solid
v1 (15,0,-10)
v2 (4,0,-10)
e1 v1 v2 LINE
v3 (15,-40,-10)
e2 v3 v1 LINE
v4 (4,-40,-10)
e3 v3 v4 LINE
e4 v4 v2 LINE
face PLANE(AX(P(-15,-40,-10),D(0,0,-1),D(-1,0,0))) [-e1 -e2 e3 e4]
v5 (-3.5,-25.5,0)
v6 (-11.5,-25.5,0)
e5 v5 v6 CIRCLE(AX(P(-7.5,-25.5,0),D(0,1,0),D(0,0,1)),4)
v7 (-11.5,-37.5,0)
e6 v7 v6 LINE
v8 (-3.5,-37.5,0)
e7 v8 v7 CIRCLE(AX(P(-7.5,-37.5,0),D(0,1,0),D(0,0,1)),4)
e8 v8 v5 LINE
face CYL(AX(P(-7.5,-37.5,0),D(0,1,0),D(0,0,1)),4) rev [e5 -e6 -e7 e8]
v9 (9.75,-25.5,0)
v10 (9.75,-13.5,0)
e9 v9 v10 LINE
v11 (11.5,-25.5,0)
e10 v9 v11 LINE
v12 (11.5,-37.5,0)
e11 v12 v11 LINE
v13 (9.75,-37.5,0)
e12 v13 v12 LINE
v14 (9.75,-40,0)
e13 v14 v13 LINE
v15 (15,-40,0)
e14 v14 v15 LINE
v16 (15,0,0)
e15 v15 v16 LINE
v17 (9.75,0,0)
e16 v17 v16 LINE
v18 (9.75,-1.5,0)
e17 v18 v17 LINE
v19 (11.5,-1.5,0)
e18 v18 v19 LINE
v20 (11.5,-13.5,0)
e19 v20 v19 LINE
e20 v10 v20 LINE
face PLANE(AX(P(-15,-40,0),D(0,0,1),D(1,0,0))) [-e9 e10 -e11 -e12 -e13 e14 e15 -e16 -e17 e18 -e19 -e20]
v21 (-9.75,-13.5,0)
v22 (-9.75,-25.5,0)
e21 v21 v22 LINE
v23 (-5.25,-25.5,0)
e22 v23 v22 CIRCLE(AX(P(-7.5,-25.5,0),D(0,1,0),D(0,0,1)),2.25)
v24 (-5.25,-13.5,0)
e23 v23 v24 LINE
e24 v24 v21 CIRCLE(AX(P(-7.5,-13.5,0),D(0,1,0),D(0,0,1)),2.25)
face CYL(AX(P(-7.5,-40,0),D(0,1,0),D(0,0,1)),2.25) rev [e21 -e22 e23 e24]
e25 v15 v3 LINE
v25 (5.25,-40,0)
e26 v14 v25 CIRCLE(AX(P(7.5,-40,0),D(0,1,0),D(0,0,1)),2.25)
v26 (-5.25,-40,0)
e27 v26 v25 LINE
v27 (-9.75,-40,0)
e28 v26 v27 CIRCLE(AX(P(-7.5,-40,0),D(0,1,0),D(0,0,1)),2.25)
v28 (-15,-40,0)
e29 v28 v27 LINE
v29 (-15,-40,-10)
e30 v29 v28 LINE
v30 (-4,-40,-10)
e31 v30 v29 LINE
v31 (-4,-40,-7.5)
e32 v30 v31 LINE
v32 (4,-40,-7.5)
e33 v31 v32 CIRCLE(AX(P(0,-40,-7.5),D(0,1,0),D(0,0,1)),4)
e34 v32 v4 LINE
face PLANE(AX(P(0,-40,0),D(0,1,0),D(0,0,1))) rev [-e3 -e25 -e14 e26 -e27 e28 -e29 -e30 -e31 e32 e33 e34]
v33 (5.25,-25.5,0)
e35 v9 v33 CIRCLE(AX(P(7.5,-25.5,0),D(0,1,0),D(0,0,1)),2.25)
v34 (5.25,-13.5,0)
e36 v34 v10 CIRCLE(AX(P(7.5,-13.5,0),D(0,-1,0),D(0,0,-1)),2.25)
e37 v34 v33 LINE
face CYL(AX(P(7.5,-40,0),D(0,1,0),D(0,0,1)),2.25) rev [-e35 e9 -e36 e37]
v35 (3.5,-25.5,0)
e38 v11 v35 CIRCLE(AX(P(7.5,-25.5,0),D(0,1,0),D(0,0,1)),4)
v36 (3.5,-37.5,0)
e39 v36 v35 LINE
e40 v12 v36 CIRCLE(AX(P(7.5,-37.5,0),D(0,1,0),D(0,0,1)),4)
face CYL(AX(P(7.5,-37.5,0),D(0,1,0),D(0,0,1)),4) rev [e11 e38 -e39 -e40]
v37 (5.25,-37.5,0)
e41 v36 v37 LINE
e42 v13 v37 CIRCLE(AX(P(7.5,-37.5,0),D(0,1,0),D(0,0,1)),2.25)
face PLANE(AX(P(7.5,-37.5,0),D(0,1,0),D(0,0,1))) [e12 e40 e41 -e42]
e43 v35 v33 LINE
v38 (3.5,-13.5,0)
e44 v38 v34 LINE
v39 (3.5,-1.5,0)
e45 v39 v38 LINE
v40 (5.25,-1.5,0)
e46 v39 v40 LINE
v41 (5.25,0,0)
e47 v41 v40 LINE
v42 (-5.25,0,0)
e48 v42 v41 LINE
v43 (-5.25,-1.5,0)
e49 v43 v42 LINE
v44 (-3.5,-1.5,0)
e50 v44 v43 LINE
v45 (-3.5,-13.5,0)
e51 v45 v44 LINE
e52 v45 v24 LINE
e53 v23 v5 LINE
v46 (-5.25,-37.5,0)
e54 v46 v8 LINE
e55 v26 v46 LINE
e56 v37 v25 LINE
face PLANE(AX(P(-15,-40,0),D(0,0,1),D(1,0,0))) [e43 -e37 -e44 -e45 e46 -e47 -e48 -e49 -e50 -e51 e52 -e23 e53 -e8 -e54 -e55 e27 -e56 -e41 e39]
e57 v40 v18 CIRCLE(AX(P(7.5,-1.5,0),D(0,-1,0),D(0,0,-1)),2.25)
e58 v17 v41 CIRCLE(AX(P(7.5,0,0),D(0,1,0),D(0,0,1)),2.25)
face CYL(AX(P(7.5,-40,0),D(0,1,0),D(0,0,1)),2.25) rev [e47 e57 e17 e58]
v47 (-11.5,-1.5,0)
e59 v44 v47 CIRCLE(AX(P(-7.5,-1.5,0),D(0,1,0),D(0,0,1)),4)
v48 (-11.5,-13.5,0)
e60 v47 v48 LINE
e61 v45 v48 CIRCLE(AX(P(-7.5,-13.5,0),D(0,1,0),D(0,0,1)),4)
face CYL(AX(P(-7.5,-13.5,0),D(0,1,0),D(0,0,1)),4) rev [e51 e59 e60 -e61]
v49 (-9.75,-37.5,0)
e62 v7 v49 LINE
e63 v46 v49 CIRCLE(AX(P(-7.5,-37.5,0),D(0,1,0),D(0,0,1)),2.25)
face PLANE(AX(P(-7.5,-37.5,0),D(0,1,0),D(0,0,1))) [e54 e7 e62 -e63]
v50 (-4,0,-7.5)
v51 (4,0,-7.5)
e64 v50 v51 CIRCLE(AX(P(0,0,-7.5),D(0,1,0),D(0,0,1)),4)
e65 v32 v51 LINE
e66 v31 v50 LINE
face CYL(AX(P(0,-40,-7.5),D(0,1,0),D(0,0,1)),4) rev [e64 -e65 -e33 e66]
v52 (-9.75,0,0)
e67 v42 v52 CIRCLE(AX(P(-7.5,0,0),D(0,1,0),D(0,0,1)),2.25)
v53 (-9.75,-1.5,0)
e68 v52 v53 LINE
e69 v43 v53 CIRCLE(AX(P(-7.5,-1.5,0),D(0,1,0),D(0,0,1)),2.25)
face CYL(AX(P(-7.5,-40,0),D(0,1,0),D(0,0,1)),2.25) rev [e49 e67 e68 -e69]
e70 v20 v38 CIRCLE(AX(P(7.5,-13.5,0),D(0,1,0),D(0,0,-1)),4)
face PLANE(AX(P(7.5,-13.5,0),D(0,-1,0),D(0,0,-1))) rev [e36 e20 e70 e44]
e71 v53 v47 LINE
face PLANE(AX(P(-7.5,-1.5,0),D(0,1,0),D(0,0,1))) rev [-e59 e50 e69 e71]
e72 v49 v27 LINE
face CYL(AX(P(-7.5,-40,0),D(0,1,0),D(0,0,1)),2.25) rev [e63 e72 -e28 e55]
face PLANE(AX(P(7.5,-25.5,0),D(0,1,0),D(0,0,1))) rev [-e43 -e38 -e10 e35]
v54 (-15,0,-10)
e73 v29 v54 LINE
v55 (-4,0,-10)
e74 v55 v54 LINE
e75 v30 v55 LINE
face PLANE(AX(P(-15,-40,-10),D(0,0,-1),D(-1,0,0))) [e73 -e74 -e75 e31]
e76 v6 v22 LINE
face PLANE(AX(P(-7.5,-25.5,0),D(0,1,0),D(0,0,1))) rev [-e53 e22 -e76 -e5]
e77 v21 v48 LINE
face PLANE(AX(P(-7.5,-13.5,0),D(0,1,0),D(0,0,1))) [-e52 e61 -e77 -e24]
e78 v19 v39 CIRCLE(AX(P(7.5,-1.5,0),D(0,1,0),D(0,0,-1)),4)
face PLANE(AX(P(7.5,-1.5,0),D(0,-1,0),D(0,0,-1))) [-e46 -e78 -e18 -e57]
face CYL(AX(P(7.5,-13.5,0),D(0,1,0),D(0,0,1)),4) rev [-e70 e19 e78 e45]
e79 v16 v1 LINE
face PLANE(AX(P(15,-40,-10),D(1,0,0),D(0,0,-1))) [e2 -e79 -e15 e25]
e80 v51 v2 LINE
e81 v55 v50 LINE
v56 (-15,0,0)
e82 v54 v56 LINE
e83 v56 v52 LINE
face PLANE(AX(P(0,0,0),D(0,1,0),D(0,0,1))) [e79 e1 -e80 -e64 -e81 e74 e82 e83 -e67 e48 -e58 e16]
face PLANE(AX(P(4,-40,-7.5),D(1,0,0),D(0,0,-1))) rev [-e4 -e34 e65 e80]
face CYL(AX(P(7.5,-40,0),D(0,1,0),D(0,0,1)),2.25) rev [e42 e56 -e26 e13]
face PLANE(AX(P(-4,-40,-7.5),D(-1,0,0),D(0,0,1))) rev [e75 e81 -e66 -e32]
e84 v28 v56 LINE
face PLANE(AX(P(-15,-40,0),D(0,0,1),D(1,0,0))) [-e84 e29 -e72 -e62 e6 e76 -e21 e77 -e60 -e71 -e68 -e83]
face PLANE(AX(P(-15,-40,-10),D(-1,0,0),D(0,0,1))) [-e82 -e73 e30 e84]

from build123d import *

# Parameters (mm, degrees)
SKETCH_1_W               = 30
SKETCH_1_H               = 10
EXTRUDE_1_DEPTH          = 40
CUT_EXTRUDE_START        = -1.5
SKETCH_2_R               = 4
CUT_EXTRUDE_1_DEPTH      = 12
CUT_EXTRUDE_START_2      = -12
CUT_EXTRUDE_2_DEPTH      = 12
CUT_EXTRUDE_3_DEPTH      = 33.050741021
CUT_EXTRUDE_3_DEPTH_BACK = 33.050741021
SKETCH_4_R               = 2.25
CUT_EXTRUDE_4_DEPTH      = 44.874821937


with BuildPart() as part:
    # 草图1 → 凸台-拉伸1 (new body)
    with BuildSketch(Plane(origin=(0, 0, 0), x_dir=(1, 0, 0), z_dir=(0, 1, 0))):
        with Locations((0, 5)):
            Rectangle(SKETCH_1_W, SKETCH_1_H)
    extrude(amount=-EXTRUDE_1_DEPTH)

    # 草图2 → 切除-拉伸1 (cut)
    with BuildSketch(Plane(origin=(0, 0, 0), x_dir=(1, 0, 0), z_dir=(0, 1, 0)).offset(CUT_EXTRUDE_START)):
        with Locations((-7.5, 0)):
            Circle(SKETCH_2_R)
        with Locations((7.5, 0)):
            Circle(SKETCH_2_R)
    extrude(amount=-CUT_EXTRUDE_1_DEPTH, mode=Mode.SUBTRACT)

    # 草图3 → 切除-拉伸2 (cut)
    with BuildSketch(Plane(origin=(0, -13.5, 0), x_dir=(1, 0, 0), z_dir=(0, 1, 0)).offset(CUT_EXTRUDE_START_2)):
        with BuildLine():
            Line((-11.5, 0), (-3.5, 0))
            ThreePointArc((-3.5, 0), (-7.5, 4), (-11.5, 0))
        make_face()
        with BuildLine():
            Line((3.5, 0), (11.5, 0))
            ThreePointArc((11.5, 0), (7.5, 4), (3.5, 0))
        make_face()
    extrude(amount=-CUT_EXTRUDE_2_DEPTH, mode=Mode.SUBTRACT)

    # 草图4 → 切除-拉伸3 (cut, two sides: drawn at the far end of the back side and taken through both)
    with BuildSketch(Plane(origin=(0, -13.5, 0), x_dir=(1, 0, 0), z_dir=(0, 1, 0)).offset(-CUT_EXTRUDE_3_DEPTH_BACK)):
        with Locations((-7.5, 0)):
            Circle(SKETCH_4_R)
        with Locations((7.5, 0)):
            Circle(SKETCH_4_R)
    extrude(amount=CUT_EXTRUDE_3_DEPTH + CUT_EXTRUDE_3_DEPTH_BACK, mode=Mode.SUBTRACT)

    # 草图5 → 切除-拉伸4 (cut, through all)
    with BuildSketch(Plane(origin=(0, 0, 0), x_dir=(1, 0, 0), z_dir=(0, 1, 0))):
        with BuildLine():
            Line((-4, 7.5), (-4, 10))
            ThreePointArc((-4, 10), (0, 14), (4, 10))
            Line((4, 10), (4, 7.5))
            ThreePointArc((4, 7.5), (0, 3.5), (-4, 7.5))
        make_face()
    extrude(amount=-CUT_EXTRUDE_4_DEPTH, mode=Mode.SUBTRACT)


solid = part.part
